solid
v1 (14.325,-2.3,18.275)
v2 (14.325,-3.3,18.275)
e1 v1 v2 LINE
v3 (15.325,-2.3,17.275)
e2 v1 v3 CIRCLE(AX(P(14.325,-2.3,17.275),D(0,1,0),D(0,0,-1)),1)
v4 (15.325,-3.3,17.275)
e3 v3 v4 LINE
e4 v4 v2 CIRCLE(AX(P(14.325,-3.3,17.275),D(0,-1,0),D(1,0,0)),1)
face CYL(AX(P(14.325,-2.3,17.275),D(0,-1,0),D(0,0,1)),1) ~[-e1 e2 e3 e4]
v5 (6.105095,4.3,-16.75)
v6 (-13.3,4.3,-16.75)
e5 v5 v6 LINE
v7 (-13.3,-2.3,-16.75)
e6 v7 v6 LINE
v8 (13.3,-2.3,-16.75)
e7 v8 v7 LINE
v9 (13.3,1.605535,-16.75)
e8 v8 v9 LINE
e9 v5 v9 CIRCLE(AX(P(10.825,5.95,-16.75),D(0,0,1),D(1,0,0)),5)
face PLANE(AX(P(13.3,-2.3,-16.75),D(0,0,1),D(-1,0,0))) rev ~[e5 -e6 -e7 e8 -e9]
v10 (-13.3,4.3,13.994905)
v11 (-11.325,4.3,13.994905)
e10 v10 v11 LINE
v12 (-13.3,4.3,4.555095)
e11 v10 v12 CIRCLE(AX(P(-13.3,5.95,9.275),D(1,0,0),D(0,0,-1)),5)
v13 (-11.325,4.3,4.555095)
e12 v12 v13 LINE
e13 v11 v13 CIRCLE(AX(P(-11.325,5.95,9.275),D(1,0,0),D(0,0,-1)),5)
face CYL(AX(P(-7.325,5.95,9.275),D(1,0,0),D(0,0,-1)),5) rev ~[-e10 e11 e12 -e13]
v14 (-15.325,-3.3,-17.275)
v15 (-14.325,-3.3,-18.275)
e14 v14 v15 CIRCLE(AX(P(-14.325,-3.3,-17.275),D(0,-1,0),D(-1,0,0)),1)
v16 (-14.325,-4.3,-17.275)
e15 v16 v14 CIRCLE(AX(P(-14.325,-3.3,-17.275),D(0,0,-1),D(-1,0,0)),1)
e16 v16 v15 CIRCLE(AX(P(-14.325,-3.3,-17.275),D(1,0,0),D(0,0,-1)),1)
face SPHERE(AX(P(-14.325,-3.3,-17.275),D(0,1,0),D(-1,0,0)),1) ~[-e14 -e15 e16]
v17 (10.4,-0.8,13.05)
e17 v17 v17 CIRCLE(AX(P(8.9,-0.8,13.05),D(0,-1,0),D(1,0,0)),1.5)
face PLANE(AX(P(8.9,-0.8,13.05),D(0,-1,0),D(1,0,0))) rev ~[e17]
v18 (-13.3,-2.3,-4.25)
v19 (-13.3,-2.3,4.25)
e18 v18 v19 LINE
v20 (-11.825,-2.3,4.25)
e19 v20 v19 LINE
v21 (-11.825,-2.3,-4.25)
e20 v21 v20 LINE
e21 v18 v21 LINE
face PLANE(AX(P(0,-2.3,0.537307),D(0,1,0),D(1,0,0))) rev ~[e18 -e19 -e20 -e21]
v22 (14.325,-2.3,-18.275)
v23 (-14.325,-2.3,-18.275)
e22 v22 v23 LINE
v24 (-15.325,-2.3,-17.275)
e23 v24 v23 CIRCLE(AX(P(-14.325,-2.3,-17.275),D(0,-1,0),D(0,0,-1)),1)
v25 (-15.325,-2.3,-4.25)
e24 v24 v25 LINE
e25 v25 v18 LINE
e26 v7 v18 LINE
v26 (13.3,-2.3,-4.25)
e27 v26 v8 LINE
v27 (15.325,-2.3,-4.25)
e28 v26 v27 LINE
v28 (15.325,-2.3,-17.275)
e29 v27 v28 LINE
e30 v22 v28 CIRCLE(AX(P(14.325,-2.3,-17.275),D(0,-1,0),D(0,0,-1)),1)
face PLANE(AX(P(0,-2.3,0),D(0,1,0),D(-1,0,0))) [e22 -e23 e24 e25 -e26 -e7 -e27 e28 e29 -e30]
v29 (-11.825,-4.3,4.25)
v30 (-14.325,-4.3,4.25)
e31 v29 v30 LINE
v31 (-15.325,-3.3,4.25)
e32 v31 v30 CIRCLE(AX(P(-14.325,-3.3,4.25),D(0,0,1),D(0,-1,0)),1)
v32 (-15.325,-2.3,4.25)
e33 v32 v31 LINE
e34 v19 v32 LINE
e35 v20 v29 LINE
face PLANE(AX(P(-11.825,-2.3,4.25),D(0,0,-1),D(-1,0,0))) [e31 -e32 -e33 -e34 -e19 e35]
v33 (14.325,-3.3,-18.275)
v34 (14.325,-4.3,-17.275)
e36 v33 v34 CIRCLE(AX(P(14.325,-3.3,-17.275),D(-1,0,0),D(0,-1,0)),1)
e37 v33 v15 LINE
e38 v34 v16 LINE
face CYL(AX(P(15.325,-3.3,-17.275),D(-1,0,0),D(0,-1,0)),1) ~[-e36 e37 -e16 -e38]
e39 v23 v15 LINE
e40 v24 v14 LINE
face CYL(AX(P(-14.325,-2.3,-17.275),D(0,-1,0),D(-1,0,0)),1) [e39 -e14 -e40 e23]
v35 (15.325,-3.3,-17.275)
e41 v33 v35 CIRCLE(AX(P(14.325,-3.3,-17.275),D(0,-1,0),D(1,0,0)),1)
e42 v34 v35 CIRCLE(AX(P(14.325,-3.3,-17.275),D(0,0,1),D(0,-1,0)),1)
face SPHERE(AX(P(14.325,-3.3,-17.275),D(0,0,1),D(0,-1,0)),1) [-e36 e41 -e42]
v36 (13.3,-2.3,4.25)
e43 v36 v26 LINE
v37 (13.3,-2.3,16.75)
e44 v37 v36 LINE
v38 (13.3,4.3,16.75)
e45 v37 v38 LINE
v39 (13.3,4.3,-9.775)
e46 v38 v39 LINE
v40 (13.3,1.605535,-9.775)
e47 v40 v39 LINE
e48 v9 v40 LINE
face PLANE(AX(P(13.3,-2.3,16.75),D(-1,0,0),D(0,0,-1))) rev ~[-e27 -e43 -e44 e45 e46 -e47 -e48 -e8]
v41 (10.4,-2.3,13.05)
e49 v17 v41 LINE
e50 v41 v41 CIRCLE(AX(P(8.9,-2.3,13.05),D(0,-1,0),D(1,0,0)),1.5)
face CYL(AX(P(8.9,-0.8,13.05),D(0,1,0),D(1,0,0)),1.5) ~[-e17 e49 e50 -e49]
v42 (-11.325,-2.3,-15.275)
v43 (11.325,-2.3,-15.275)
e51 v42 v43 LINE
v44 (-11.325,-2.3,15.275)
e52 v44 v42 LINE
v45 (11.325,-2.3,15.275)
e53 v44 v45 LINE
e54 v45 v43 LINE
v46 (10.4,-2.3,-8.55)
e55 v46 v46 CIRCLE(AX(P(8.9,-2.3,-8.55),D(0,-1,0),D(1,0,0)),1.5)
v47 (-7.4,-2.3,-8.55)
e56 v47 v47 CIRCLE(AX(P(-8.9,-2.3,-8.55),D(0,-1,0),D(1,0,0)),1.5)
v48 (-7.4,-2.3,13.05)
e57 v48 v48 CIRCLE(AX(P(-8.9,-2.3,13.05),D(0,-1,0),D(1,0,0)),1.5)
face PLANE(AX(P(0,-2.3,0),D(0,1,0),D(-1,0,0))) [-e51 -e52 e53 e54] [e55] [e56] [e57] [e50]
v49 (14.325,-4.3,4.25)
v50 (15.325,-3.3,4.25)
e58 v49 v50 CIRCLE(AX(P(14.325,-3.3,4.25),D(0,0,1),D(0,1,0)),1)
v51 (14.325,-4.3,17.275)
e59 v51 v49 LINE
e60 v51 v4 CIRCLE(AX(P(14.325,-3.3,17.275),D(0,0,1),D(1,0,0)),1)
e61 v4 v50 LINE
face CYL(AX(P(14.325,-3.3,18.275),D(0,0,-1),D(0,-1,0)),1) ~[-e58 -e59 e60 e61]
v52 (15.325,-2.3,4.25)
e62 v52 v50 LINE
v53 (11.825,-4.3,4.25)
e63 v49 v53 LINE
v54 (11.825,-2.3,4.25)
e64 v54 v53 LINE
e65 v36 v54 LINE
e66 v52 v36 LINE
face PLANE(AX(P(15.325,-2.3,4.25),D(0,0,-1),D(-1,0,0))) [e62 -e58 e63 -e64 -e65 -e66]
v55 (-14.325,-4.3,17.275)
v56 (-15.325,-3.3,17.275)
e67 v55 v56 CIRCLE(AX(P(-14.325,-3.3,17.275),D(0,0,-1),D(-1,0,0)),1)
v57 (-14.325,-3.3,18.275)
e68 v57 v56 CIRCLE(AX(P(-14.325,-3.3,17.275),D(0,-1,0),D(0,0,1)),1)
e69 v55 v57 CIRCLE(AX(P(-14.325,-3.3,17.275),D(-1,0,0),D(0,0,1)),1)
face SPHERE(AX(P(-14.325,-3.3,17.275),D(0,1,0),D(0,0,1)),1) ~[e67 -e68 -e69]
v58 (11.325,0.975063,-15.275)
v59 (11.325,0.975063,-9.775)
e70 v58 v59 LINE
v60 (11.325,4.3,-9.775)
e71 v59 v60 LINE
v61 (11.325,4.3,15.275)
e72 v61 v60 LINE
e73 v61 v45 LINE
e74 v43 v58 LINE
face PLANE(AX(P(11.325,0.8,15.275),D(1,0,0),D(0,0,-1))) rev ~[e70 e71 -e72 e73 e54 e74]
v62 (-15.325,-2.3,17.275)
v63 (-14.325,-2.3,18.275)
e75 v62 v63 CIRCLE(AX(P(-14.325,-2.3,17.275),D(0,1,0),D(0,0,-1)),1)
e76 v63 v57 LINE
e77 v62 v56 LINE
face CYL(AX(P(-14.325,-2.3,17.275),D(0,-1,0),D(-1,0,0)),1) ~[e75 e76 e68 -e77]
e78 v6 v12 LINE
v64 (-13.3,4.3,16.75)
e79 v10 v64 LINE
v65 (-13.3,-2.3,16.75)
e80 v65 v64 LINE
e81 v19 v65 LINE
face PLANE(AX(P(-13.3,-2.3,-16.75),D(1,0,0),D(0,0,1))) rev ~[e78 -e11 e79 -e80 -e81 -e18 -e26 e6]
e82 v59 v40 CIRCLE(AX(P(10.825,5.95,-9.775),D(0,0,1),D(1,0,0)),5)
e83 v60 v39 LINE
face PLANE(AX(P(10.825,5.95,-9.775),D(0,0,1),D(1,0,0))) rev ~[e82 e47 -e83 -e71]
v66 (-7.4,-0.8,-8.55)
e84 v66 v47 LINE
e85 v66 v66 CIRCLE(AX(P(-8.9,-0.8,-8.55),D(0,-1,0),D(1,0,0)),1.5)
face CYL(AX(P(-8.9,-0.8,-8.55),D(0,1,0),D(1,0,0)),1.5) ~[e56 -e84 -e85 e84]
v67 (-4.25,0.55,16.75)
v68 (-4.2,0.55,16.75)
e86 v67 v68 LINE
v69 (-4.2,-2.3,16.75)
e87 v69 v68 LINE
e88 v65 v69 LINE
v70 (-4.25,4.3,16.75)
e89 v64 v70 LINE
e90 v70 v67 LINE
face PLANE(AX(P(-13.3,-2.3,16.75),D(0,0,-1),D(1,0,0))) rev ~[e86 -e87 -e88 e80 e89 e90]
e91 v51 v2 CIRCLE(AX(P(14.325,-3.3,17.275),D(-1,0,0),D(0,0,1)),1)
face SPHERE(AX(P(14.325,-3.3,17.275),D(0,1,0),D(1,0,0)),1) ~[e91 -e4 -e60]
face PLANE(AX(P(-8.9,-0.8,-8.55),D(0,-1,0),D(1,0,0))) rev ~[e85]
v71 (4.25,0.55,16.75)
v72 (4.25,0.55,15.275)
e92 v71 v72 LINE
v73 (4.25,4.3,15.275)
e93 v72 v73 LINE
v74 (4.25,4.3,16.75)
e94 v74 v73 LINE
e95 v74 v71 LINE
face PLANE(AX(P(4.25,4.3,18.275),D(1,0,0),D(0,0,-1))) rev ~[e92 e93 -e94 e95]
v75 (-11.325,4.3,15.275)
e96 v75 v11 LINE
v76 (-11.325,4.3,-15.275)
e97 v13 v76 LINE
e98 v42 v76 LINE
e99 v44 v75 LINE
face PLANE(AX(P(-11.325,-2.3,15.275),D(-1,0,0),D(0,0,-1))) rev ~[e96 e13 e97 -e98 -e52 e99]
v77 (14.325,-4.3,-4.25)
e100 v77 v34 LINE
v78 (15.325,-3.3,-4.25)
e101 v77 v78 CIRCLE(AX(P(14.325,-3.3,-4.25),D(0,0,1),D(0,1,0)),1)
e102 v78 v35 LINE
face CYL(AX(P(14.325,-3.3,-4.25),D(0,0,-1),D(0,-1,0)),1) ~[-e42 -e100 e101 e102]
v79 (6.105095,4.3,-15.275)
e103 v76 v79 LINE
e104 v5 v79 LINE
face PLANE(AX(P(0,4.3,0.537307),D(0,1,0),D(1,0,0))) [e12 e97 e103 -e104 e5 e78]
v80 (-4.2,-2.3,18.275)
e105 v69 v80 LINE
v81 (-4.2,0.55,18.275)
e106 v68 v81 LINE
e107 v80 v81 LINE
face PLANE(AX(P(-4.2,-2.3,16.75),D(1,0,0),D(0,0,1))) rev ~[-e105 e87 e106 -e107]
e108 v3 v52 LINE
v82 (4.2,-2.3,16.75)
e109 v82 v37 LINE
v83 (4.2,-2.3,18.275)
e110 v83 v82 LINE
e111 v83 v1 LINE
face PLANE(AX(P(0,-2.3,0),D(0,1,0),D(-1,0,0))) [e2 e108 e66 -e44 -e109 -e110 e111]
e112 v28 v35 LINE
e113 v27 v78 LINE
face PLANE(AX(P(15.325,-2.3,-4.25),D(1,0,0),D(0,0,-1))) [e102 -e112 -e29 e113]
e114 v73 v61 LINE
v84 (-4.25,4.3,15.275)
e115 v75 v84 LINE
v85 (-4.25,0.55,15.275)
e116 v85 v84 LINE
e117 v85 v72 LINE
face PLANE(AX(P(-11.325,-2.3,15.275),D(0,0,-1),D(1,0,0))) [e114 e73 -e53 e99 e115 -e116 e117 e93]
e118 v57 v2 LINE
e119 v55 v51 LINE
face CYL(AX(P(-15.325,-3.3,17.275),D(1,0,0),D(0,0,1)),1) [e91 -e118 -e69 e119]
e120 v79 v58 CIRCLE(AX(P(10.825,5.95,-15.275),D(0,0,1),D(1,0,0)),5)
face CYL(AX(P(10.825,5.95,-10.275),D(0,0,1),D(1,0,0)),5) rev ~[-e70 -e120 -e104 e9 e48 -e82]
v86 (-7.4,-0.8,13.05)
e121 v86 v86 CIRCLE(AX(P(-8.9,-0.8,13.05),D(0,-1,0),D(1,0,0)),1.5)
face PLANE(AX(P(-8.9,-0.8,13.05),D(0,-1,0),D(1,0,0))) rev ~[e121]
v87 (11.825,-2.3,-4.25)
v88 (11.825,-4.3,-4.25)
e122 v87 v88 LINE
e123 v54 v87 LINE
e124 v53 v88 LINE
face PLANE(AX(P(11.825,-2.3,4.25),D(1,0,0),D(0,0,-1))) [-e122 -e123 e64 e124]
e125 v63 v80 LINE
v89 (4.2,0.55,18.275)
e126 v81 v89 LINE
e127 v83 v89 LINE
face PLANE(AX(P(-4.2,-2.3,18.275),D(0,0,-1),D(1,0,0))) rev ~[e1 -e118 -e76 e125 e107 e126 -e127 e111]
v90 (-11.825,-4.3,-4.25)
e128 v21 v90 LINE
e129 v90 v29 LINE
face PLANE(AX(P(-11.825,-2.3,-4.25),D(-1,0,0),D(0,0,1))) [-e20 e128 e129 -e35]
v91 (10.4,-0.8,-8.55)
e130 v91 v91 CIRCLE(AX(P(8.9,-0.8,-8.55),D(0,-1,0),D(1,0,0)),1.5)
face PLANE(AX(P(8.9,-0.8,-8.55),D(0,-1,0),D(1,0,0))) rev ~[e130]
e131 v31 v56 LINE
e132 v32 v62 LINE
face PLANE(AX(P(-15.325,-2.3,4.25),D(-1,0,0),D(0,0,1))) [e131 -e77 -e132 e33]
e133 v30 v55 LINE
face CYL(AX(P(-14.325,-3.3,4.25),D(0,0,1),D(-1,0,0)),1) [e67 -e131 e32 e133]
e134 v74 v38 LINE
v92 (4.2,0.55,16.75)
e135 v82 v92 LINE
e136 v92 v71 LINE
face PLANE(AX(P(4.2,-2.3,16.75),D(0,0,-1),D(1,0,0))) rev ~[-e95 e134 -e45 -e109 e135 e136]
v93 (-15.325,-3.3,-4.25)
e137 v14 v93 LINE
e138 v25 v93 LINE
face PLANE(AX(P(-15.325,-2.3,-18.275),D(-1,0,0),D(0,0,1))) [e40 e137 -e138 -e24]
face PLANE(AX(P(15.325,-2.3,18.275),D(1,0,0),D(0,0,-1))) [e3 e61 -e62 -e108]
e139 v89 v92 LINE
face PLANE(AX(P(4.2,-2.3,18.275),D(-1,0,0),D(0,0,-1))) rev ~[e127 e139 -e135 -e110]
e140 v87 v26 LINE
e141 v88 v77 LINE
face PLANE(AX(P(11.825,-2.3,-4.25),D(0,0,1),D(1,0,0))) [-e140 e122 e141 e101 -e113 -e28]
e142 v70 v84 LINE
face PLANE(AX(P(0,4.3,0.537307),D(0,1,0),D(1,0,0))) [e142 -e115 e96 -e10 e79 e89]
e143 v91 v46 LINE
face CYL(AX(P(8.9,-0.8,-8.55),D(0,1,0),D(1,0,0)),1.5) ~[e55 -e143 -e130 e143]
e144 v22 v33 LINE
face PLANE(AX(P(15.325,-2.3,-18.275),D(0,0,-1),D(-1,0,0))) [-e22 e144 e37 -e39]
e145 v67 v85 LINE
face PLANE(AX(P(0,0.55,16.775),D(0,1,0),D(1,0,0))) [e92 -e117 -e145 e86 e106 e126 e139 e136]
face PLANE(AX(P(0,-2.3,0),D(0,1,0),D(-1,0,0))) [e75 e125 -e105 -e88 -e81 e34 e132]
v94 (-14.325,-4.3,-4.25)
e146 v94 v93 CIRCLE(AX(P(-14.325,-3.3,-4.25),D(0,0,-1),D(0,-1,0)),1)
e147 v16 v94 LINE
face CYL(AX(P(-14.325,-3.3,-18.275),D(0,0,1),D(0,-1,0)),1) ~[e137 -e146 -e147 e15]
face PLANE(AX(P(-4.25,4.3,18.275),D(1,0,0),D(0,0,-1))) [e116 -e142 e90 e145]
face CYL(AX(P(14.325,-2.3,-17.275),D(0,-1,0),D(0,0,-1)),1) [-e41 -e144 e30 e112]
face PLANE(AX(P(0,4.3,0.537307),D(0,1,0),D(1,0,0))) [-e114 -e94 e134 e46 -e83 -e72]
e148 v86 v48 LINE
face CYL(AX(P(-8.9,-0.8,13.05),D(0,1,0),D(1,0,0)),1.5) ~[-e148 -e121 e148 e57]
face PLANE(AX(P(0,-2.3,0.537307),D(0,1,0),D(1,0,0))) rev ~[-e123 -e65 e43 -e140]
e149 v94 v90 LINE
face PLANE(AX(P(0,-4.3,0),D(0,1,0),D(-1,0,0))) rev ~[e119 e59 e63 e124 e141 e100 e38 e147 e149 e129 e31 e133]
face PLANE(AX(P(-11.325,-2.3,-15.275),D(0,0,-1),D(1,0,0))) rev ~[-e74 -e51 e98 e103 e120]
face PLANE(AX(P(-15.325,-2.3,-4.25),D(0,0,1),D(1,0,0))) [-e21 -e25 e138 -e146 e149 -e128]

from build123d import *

# Parameters (mm, degrees)
SKETCH1_R               = 1
BOSS_EXTRUDE1_DEPTH     = 1.6
BOSS_EXTRUDE1_2_DEPTH   = 1.6
BOSS_EXTRUDE1_3_DEPTH   = 1.6
BOSS_EXTRUDE1_4_DEPTH   = 1.6
SKETCH2_R               = 1.5
BOSS_EXTRUDE2_DEPTH     = 1.5
BOSS_EXTRUDE3_DEPTH     = 2
SKETCH4_W               = 22.65
SKETCH4_H               = 30.55
BOSS_EXTRUDE4_DEPTH     = 6.6
SKETCH5_W               = 8.5
SKETCH5_H               = 3
CUT_EXTRUDE1_DEPTH      = 3.75
FILLET1_R               = 1
SKETCH6_R               = 5
CUT_EXTRUDE2_DEPTH      = 9
SKETCH8_R               = 5
CUT_EXTRUDE3_DEPTH      = 0.5
CUT_EXTRUDE3_DEPTH_BACK = 9
SKETCH9_W               = 22.65
SKETCH9_H               = 30.55
CUT_EXTRUDE4_DEPTH      = 1.6


with BuildPart() as part:
    # Sketch1 → Boss-Extrude1 (new body)
    with BuildSketch(Plane(origin=(0, 0.8, 0), x_dir=(1, 0, 0), z_dir=(0, 1, 0))):
        with Locations((-8.9, -13.05)):
            Circle(SKETCH1_R)
    extrude(amount=-BOSS_EXTRUDE1_DEPTH)



with BuildPart() as body_2:
    # Sketch1 → Boss-Extrude1 2 (new body)
    with BuildSketch(Plane(origin=(0, 0.8, 0), x_dir=(1, 0, 0), z_dir=(0, 1, 0))):
        with Locations((-8.9, 8.55)):
            Circle(SKETCH1_R)
    extrude(amount=-BOSS_EXTRUDE1_2_DEPTH)


with BuildPart() as body_3:
    # Sketch1 → Boss-Extrude1 3 (new body)
    with BuildSketch(Plane(origin=(0, 0.8, 0), x_dir=(1, 0, 0), z_dir=(0, 1, 0))):
        with Locations((8.9, 8.55)):
            Circle(SKETCH1_R)
    extrude(amount=-BOSS_EXTRUDE1_3_DEPTH)


with BuildPart() as body_4:
    # Sketch1 → Boss-Extrude1 4 (new body)
    with BuildSketch(Plane(origin=(0, 0.8, 0), x_dir=(1, 0, 0), z_dir=(0, 1, 0))):
        with Locations((8.9, -13.05)):
            Circle(SKETCH1_R)
    extrude(amount=-BOSS_EXTRUDE1_4_DEPTH)


with BuildPart() as part_1:
    add(part.part)

    add(body_2.part)  # Boss-Extrude2 merges body 2

    add(body_3.part)  # Boss-Extrude2 merges body 3

    add(body_4.part)  # Boss-Extrude2 merges body 4
    # Sketch2 → Boss-Extrude2 (add)
    with BuildSketch(Plane.XZ.offset(0.8)):
        with Locations((-8.9, -8.55)):
            Circle(SKETCH2_R)
        with Locations((-8.9, 13.05)):
            Circle(SKETCH2_R)
        with Locations((8.9, 13.05)):
            Circle(SKETCH2_R)
        with Locations((8.9, -8.55)):
            Circle(SKETCH2_R)
    extrude(amount=BOSS_EXTRUDE2_DEPTH)

    # Sketch3 → Boss-Extrude3 (add)
    with BuildSketch(Plane.XZ.offset(2.3)):
        Polygon((-15.325, 18.275), (15.325, 18.275), (15.325, 4.25), (11.825, 4.25), (11.825, -4.25), (15.325, -4.25), (15.325, -18.275), (-15.325, -18.275), (-15.325, -4.25), (-11.825, -4.25), (-11.825, 4.25), (-15.325, 4.25), align=None)
    extrude(amount=BOSS_EXTRUDE3_DEPTH)

    # Sketch4 → Boss-Extrude4 (add)
    with BuildSketch(Plane(origin=(0, -2.3, 0), x_dir=(1, 0, 0), z_dir=(0, 1, 0))):
        Polygon((-13.3, -16.75), (-4.2, -16.75), (-4.2, -18.275), (4.2, -18.275), (4.2, -16.75), (13.3, -16.75), (13.3, -4.5), (13.3, 4.5), (13.3, 16.75), (-13.3, 16.75), (-13.3, 4.5), (-13.3, -4.5), align=None)
        Rectangle(SKETCH4_W, SKETCH4_H, mode=Mode.SUBTRACT)
    extrude(amount=BOSS_EXTRUDE4_DEPTH)

    # Sketch5 → Cut-Extrude1 (cut)
    with BuildSketch(Plane(origin=(0, 4.3, 0), x_dir=(1, 0, 0), z_dir=(0, 1, 0))):
        with Locations((0, -16.775)):
            Rectangle(SKETCH5_W, SKETCH5_H)
    extrude(amount=-CUT_EXTRUDE1_DEPTH, mode=Mode.SUBTRACT)

    # Fillet1
    fillet1_edges = [part_1.edges().sort_by_distance(p)[0] for p in [
        (15.325, -3.3, 18.275),
        (-15.325, -3.3, 18.275),
        (-15.325, -3.3, -18.275),
        (15.325, -4.3, -11.2625),
        (15.325, -4.3, 11.2625),
        (0, -4.3, 18.275),
        (-15.325, -4.3, 11.2625),
        (-15.325, -4.3, -11.2625),
        (0, -4.3, -18.275),
        (15.325, -3.3, -18.275),
    ]]
    fillet(fillet1_edges, radius=FILLET1_R)

    # Sketch6 → Cut-Extrude2 (cut, through all)
    with BuildSketch(Plane(origin=(-7.325, 0, 0), x_dir=(0, 0, -1), z_dir=(1, 0, 0))):
        with Locations((-9.275, 5.95)):
            Circle(SKETCH6_R)
    extrude(amount=-CUT_EXTRUDE2_DEPTH, mode=Mode.SUBTRACT)

    # Sketch8 → Cut-Extrude3 (cut, two sides)
    with BuildSketch(Plane.XY.offset(-10.275)) as cut_extrude3_sk:
        with Locations((10.825, 5.95)):
            Circle(SKETCH8_R)
    extrude(amount=CUT_EXTRUDE3_DEPTH, mode=Mode.SUBTRACT)
    extrude(cut_extrude3_sk.sketch, amount=-CUT_EXTRUDE3_DEPTH_BACK, mode=Mode.SUBTRACT)

    # Sketch9 → Cut-Extrude4 (cut)
    with BuildSketch(Plane(origin=(0, 0.8, 0), x_dir=(1, 0, 0), z_dir=(0, 1, 0))):
        Rectangle(SKETCH9_W, SKETCH9_H)
    extrude(amount=-CUT_EXTRUDE4_DEPTH, mode=Mode.SUBTRACT)


solid = part_1.part
